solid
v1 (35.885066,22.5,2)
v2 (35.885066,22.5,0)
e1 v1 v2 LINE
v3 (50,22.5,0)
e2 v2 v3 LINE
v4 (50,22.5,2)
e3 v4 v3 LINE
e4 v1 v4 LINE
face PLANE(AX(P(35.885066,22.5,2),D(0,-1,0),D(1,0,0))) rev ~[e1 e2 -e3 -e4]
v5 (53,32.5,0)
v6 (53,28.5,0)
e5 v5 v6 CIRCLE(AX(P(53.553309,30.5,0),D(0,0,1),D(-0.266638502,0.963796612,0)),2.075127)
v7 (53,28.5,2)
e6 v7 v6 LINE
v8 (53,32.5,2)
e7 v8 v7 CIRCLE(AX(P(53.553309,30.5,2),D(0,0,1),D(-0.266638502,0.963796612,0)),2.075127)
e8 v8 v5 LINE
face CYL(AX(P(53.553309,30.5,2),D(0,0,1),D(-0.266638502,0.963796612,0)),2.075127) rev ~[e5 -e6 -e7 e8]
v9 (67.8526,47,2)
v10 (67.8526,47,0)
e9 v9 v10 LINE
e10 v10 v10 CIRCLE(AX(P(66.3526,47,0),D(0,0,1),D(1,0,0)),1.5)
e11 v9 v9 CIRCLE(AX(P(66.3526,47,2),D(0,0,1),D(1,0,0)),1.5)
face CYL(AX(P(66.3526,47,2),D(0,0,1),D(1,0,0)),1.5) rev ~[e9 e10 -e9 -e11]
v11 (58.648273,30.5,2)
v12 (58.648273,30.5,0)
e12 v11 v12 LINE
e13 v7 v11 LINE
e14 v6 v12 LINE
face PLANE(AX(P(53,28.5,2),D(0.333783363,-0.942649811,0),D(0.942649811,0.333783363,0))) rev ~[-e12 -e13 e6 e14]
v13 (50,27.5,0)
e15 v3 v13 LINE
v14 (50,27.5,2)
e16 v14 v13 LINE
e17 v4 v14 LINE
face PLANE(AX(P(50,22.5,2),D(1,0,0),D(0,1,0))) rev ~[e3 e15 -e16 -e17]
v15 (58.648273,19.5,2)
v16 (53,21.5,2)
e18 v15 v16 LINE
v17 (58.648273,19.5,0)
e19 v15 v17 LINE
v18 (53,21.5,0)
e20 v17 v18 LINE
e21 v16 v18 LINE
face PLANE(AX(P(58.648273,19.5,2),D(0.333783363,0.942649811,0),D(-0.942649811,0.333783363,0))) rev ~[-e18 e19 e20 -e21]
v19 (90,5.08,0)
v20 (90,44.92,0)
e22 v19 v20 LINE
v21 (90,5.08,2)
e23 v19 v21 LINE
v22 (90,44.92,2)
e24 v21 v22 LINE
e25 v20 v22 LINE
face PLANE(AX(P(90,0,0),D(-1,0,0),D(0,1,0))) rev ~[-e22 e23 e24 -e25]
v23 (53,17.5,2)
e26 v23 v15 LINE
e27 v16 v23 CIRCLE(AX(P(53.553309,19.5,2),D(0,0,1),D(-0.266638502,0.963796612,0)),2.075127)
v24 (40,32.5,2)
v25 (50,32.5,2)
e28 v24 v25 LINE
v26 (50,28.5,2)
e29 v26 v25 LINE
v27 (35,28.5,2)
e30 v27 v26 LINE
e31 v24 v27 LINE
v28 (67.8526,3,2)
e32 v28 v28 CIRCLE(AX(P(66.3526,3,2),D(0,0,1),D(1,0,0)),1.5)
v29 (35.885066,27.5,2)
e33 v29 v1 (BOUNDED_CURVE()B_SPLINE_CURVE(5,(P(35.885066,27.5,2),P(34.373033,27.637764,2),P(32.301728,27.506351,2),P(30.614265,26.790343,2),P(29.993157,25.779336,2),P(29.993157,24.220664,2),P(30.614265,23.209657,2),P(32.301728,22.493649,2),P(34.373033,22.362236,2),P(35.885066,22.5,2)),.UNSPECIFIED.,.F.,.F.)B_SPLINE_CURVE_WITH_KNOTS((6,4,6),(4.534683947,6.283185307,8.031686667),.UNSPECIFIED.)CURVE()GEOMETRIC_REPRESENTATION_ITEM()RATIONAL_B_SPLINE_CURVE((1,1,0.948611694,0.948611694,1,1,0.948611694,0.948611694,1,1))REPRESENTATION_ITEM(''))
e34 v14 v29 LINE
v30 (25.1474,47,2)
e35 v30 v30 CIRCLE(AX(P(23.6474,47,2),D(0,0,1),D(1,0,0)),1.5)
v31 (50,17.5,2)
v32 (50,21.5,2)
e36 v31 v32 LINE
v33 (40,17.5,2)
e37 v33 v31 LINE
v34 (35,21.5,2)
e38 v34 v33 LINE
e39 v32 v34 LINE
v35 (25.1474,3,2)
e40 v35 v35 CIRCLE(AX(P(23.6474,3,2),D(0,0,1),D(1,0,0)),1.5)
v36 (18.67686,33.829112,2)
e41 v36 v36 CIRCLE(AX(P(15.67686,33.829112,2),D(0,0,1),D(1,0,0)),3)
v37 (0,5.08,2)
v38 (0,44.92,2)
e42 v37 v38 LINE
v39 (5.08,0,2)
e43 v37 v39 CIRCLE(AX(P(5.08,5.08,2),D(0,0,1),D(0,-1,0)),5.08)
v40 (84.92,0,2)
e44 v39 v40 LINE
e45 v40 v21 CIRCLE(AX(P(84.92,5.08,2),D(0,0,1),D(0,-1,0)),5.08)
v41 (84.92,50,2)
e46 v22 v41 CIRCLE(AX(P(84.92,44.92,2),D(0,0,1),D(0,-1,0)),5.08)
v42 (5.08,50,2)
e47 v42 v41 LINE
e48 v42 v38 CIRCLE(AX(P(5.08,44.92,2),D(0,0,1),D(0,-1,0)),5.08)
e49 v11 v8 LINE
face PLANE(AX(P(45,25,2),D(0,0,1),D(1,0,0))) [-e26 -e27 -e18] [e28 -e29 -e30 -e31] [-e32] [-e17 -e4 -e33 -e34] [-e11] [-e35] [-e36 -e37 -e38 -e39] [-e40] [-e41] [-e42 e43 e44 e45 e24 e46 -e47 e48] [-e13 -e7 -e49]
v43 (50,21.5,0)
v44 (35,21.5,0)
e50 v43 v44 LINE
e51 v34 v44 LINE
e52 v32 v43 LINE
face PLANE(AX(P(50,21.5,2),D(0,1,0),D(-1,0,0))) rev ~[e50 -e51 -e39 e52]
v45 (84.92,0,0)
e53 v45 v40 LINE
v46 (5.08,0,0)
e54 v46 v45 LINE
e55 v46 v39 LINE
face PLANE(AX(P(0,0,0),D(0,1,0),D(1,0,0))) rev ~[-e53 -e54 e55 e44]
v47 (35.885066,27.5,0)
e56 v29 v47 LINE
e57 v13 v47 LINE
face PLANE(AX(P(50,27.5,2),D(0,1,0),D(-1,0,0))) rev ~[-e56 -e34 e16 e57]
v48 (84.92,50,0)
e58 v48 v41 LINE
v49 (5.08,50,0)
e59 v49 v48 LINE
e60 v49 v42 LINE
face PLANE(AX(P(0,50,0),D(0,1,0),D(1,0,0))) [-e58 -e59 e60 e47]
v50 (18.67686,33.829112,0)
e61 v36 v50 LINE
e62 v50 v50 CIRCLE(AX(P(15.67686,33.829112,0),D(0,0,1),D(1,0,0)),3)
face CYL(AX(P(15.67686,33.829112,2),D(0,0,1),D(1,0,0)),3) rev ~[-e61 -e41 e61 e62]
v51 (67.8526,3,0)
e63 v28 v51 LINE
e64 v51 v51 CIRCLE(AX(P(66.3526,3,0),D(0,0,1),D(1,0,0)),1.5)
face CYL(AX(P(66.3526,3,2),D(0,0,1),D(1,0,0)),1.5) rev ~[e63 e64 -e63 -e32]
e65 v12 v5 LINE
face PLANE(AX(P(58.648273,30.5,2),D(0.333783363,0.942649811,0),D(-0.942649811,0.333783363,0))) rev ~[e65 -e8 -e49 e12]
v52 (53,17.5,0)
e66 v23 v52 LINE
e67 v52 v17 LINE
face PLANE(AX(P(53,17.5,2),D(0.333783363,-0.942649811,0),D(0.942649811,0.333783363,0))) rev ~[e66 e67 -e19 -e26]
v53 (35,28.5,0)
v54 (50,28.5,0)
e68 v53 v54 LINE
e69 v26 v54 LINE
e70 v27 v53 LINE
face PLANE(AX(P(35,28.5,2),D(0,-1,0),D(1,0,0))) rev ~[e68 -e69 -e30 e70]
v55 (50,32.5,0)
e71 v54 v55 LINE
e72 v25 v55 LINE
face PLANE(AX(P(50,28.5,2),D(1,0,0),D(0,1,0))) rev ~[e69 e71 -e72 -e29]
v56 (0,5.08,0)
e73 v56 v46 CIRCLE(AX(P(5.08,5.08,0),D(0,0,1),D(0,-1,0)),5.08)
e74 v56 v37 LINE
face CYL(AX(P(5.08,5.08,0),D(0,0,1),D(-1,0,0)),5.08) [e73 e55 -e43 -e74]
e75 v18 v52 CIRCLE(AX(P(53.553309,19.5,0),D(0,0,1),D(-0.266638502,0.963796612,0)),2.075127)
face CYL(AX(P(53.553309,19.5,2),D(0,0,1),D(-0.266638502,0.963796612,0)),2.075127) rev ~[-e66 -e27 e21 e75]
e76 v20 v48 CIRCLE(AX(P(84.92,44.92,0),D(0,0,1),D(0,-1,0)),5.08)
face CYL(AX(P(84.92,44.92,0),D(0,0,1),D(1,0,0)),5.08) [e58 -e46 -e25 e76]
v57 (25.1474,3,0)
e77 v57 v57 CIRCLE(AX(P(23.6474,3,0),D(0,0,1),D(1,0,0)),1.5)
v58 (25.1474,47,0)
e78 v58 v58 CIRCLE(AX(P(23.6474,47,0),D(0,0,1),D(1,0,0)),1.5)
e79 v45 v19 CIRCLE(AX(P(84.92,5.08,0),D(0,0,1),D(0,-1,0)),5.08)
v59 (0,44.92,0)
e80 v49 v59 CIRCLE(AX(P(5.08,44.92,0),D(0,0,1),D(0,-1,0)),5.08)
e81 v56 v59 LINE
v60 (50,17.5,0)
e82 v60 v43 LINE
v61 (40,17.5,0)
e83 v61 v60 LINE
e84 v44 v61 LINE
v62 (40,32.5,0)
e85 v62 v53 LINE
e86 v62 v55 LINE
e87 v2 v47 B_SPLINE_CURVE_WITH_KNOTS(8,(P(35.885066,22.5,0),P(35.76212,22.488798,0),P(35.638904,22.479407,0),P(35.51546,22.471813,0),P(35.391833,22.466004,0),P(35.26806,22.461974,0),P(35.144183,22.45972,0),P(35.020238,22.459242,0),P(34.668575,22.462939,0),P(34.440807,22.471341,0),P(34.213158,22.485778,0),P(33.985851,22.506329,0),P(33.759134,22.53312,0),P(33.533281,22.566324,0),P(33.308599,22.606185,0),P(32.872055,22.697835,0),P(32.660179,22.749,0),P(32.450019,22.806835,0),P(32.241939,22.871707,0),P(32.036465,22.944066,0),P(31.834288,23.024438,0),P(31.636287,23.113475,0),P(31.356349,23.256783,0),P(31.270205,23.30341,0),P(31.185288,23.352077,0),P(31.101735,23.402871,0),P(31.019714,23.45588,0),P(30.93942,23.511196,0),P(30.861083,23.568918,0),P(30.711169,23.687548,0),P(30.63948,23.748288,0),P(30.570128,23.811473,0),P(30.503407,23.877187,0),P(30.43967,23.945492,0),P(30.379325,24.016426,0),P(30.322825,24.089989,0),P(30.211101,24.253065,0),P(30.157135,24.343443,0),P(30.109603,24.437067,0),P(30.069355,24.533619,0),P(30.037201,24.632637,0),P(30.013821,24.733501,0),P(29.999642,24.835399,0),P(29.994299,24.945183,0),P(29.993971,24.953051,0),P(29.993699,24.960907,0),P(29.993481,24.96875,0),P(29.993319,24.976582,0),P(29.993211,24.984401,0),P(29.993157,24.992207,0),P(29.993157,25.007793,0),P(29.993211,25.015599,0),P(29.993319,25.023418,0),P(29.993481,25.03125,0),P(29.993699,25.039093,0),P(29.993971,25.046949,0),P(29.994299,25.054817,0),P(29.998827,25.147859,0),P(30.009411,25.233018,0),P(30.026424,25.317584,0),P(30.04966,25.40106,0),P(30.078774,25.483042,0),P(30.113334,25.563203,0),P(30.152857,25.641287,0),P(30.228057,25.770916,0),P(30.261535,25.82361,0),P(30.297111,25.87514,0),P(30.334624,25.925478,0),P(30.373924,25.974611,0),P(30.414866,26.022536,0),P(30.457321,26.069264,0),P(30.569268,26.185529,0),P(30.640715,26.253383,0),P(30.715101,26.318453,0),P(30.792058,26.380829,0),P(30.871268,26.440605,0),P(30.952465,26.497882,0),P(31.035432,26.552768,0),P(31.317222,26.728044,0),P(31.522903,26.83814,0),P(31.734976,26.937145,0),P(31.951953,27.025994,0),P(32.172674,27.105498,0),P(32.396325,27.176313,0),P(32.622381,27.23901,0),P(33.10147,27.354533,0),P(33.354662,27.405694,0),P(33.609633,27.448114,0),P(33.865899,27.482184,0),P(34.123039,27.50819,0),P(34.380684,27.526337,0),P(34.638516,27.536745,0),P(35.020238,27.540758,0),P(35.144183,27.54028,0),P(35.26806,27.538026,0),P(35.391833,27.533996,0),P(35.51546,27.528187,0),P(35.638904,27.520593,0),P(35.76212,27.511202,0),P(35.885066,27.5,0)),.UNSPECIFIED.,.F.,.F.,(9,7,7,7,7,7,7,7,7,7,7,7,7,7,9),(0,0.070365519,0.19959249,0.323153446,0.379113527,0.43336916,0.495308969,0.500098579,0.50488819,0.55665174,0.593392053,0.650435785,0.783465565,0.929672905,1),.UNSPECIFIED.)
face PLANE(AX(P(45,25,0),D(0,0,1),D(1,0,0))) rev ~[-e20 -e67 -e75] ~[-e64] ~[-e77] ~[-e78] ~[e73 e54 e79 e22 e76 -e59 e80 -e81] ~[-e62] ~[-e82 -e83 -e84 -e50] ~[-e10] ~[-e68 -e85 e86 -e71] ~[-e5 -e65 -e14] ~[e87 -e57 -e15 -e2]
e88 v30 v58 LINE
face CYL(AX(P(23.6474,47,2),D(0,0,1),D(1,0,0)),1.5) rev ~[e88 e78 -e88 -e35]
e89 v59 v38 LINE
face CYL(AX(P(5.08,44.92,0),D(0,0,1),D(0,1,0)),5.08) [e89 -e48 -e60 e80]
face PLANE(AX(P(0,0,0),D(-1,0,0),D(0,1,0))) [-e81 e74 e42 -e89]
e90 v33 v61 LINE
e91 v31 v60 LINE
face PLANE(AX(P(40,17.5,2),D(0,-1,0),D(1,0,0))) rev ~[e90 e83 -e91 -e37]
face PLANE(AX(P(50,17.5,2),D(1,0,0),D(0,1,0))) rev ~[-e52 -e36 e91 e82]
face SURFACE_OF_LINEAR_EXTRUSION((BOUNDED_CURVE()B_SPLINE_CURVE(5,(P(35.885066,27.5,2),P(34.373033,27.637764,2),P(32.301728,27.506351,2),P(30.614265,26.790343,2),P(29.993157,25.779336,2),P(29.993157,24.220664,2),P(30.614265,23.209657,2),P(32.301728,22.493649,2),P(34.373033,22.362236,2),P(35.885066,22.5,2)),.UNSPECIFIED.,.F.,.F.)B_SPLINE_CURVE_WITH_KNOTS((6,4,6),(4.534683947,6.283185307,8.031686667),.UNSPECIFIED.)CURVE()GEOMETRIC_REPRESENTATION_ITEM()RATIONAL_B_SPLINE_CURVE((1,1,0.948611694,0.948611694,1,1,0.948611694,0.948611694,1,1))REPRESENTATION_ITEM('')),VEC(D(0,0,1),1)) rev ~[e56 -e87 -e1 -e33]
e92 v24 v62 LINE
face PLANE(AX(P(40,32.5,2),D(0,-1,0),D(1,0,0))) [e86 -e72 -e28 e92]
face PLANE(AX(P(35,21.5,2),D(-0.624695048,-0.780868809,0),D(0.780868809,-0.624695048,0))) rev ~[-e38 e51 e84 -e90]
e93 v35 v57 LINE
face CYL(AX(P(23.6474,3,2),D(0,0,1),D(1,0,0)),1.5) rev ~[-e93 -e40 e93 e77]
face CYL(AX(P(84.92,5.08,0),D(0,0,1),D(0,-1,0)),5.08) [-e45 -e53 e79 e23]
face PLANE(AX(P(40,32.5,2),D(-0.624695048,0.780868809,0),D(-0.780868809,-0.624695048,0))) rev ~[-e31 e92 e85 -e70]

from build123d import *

# Parameters (mm, degrees)
F0_W      = 90
F0_H      = 50
F1_DEPTH  = 2
F3_R      = 5.08
F4_R      = 5.08
F5_R      = 5.08
F6_R      = 5.08
F8_W      = 10
F8_H      = 4
F9_DEPTH  = 25.4
F10_R     = 1.5
F11_DEPTH = 25.4
F12_R     = 3
F13_DEPTH = 25.4


with BuildPart() as f1:
    # F0 (on Top) → F1 (new body)
    with BuildSketch(Plane.XY):
        with Locations((45, 25)):
            Rectangle(F0_W, F0_H)
    extrude(amount=F1_DEPTH)

    # F3
    f3_edges = [f1.edges().sort_by_distance(p)[0] for p in [
        (90, 0, 1),
    ]]
    fillet(f3_edges, radius=F3_R)

    # F4
    f4_edges = [f1.edges().sort_by_distance(p)[0] for p in [
        (90, 50, 1),
    ]]
    fillet(f4_edges, radius=F4_R)

    # F5
    f5_edges = [f1.edges().sort_by_distance(p)[0] for p in [
        (0, 50, 1),
    ]]
    fillet(f5_edges, radius=F5_R)

    # F6
    f6_edges = [f1.edges().sort_by_distance(p)[0] for p in [
        (0, 0, 1),
    ]]
    fillet(f6_edges, radius=F6_R)

    # F8 (on offset) → F9 (cut)
    with BuildSketch(Plane.XY.offset(2)):
        with BuildLine():
            Line((35, 22.5), (35, 27.5))
            Line((35, 27.5), (35.8850657517, 27.5))
            add(Edge.make_bspline(
                [(35.8850657517, 27.5), (29.9931568267, 28.0368228686), (29.9931568267, 25)],
                knots=[4.5346839474, 4.5346839474, 4.5346839474, 6.2831853072, 6.2831853072, 6.2831853072], degree=2, weights=[1, 0.6415718139, 1]))
            add(Edge.make_bspline(
                [(29.9931568267, 25), (29.9931568267, 21.9631771314), (35.8850657517, 22.5)],
                knots=[0, 0, 0, 1.7485013598, 1.7485013598, 1.7485013598], degree=2, weights=[1, 0.6415718139, 1]))
            Line((35.8850657517, 22.5), (35, 22.5))
        make_face()
        with BuildLine():
            Line((35.8850657517, 27.5), (35, 27.5))
            Line((35, 27.5), (35, 22.5))
            Line((35, 22.5), (35.8850657517, 22.5))
            add(Edge.make_bspline(
                [(35.8850657517, 22.5), (40.0068431733, 22.8755428686), (40.0068431733, 25), (40.0068431733, 27.1244571314), (35.8850657517, 27.5)],
                knots=[1.7485013598, 1.7485013598, 1.7485013598, 3.1415926536, 3.1415926536, 4.5346839474, 4.5346839474, 4.5346839474], degree=2, weights=[1, 0.767062975, 1, 0.767062975, 1]))
        make_face()
        with BuildLine():
            Line((50, 27.5), (35.8850657517, 27.5))
            add(Edge.make_bspline(
                [(35.8850657517, 22.5), (40.0068431733, 22.8755428686), (40.0068431733, 25), (40.0068431733, 27.1244571314), (35.8850657517, 27.5)],
                knots=[1.7485013598, 1.7485013598, 1.7485013598, 3.1415926536, 3.1415926536, 4.5346839474, 4.5346839474, 4.5346839474], degree=2, weights=[1, 0.767062975, 1, 0.767062975, 1]))
            Line((35.8850657517, 22.5), (50, 22.5))
            Line((50, 22.5), (50, 27.5))
        make_face()
        with Locations((45, 30.5)):
            Rectangle(F8_W, F8_H)
        Polygon((40, 28.5), (40, 32.5), (35, 28.5), align=None)
        Polygon((35, 21.5), (40, 17.5), (40, 21.5), align=None)
        with Locations((45, 19.5)):
            Rectangle(F8_W, F8_H)
        with BuildLine():
            Line((58.6482731998, 30.5), (53, 32.5))
            ThreePointArc((53, 32.5), (51.4781820371, 30.5), (53, 28.5))
            Line((53, 28.5), (58.6482731998, 30.5))
        make_face()
        with BuildLine():
            ThreePointArc((53, 21.5), (51.4781820371, 19.5), (53, 17.5))
            Line((53, 17.5), (58.6482731998, 19.5))
            Line((58.6482731998, 19.5), (53, 21.5))
        make_face()
    extrude(amount=-F9_DEPTH, mode=Mode.SUBTRACT)

    # F10 (on offset) → F11 (cut)
    with BuildSketch(Plane.XY.offset(2)):
        with Locations((23.6474, 3)):
            Circle(F10_R)
        with Locations((66.3526, 3)):
            Circle(F10_R)
        with Locations((23.6474, 47)):
            Circle(F10_R)
        with Locations((66.3526, 47)):
            Circle(F10_R)
    extrude(amount=-F11_DEPTH, mode=Mode.SUBTRACT)

    # F12 (on offset) → F13 (cut)
    with BuildSketch(Plane.XY.offset(2)):
        with Locations((15.6768597662, 33.8291116059)):
            Circle(F12_R)
    extrude(amount=-F13_DEPTH, mode=Mode.SUBTRACT)


solid = f1.part
